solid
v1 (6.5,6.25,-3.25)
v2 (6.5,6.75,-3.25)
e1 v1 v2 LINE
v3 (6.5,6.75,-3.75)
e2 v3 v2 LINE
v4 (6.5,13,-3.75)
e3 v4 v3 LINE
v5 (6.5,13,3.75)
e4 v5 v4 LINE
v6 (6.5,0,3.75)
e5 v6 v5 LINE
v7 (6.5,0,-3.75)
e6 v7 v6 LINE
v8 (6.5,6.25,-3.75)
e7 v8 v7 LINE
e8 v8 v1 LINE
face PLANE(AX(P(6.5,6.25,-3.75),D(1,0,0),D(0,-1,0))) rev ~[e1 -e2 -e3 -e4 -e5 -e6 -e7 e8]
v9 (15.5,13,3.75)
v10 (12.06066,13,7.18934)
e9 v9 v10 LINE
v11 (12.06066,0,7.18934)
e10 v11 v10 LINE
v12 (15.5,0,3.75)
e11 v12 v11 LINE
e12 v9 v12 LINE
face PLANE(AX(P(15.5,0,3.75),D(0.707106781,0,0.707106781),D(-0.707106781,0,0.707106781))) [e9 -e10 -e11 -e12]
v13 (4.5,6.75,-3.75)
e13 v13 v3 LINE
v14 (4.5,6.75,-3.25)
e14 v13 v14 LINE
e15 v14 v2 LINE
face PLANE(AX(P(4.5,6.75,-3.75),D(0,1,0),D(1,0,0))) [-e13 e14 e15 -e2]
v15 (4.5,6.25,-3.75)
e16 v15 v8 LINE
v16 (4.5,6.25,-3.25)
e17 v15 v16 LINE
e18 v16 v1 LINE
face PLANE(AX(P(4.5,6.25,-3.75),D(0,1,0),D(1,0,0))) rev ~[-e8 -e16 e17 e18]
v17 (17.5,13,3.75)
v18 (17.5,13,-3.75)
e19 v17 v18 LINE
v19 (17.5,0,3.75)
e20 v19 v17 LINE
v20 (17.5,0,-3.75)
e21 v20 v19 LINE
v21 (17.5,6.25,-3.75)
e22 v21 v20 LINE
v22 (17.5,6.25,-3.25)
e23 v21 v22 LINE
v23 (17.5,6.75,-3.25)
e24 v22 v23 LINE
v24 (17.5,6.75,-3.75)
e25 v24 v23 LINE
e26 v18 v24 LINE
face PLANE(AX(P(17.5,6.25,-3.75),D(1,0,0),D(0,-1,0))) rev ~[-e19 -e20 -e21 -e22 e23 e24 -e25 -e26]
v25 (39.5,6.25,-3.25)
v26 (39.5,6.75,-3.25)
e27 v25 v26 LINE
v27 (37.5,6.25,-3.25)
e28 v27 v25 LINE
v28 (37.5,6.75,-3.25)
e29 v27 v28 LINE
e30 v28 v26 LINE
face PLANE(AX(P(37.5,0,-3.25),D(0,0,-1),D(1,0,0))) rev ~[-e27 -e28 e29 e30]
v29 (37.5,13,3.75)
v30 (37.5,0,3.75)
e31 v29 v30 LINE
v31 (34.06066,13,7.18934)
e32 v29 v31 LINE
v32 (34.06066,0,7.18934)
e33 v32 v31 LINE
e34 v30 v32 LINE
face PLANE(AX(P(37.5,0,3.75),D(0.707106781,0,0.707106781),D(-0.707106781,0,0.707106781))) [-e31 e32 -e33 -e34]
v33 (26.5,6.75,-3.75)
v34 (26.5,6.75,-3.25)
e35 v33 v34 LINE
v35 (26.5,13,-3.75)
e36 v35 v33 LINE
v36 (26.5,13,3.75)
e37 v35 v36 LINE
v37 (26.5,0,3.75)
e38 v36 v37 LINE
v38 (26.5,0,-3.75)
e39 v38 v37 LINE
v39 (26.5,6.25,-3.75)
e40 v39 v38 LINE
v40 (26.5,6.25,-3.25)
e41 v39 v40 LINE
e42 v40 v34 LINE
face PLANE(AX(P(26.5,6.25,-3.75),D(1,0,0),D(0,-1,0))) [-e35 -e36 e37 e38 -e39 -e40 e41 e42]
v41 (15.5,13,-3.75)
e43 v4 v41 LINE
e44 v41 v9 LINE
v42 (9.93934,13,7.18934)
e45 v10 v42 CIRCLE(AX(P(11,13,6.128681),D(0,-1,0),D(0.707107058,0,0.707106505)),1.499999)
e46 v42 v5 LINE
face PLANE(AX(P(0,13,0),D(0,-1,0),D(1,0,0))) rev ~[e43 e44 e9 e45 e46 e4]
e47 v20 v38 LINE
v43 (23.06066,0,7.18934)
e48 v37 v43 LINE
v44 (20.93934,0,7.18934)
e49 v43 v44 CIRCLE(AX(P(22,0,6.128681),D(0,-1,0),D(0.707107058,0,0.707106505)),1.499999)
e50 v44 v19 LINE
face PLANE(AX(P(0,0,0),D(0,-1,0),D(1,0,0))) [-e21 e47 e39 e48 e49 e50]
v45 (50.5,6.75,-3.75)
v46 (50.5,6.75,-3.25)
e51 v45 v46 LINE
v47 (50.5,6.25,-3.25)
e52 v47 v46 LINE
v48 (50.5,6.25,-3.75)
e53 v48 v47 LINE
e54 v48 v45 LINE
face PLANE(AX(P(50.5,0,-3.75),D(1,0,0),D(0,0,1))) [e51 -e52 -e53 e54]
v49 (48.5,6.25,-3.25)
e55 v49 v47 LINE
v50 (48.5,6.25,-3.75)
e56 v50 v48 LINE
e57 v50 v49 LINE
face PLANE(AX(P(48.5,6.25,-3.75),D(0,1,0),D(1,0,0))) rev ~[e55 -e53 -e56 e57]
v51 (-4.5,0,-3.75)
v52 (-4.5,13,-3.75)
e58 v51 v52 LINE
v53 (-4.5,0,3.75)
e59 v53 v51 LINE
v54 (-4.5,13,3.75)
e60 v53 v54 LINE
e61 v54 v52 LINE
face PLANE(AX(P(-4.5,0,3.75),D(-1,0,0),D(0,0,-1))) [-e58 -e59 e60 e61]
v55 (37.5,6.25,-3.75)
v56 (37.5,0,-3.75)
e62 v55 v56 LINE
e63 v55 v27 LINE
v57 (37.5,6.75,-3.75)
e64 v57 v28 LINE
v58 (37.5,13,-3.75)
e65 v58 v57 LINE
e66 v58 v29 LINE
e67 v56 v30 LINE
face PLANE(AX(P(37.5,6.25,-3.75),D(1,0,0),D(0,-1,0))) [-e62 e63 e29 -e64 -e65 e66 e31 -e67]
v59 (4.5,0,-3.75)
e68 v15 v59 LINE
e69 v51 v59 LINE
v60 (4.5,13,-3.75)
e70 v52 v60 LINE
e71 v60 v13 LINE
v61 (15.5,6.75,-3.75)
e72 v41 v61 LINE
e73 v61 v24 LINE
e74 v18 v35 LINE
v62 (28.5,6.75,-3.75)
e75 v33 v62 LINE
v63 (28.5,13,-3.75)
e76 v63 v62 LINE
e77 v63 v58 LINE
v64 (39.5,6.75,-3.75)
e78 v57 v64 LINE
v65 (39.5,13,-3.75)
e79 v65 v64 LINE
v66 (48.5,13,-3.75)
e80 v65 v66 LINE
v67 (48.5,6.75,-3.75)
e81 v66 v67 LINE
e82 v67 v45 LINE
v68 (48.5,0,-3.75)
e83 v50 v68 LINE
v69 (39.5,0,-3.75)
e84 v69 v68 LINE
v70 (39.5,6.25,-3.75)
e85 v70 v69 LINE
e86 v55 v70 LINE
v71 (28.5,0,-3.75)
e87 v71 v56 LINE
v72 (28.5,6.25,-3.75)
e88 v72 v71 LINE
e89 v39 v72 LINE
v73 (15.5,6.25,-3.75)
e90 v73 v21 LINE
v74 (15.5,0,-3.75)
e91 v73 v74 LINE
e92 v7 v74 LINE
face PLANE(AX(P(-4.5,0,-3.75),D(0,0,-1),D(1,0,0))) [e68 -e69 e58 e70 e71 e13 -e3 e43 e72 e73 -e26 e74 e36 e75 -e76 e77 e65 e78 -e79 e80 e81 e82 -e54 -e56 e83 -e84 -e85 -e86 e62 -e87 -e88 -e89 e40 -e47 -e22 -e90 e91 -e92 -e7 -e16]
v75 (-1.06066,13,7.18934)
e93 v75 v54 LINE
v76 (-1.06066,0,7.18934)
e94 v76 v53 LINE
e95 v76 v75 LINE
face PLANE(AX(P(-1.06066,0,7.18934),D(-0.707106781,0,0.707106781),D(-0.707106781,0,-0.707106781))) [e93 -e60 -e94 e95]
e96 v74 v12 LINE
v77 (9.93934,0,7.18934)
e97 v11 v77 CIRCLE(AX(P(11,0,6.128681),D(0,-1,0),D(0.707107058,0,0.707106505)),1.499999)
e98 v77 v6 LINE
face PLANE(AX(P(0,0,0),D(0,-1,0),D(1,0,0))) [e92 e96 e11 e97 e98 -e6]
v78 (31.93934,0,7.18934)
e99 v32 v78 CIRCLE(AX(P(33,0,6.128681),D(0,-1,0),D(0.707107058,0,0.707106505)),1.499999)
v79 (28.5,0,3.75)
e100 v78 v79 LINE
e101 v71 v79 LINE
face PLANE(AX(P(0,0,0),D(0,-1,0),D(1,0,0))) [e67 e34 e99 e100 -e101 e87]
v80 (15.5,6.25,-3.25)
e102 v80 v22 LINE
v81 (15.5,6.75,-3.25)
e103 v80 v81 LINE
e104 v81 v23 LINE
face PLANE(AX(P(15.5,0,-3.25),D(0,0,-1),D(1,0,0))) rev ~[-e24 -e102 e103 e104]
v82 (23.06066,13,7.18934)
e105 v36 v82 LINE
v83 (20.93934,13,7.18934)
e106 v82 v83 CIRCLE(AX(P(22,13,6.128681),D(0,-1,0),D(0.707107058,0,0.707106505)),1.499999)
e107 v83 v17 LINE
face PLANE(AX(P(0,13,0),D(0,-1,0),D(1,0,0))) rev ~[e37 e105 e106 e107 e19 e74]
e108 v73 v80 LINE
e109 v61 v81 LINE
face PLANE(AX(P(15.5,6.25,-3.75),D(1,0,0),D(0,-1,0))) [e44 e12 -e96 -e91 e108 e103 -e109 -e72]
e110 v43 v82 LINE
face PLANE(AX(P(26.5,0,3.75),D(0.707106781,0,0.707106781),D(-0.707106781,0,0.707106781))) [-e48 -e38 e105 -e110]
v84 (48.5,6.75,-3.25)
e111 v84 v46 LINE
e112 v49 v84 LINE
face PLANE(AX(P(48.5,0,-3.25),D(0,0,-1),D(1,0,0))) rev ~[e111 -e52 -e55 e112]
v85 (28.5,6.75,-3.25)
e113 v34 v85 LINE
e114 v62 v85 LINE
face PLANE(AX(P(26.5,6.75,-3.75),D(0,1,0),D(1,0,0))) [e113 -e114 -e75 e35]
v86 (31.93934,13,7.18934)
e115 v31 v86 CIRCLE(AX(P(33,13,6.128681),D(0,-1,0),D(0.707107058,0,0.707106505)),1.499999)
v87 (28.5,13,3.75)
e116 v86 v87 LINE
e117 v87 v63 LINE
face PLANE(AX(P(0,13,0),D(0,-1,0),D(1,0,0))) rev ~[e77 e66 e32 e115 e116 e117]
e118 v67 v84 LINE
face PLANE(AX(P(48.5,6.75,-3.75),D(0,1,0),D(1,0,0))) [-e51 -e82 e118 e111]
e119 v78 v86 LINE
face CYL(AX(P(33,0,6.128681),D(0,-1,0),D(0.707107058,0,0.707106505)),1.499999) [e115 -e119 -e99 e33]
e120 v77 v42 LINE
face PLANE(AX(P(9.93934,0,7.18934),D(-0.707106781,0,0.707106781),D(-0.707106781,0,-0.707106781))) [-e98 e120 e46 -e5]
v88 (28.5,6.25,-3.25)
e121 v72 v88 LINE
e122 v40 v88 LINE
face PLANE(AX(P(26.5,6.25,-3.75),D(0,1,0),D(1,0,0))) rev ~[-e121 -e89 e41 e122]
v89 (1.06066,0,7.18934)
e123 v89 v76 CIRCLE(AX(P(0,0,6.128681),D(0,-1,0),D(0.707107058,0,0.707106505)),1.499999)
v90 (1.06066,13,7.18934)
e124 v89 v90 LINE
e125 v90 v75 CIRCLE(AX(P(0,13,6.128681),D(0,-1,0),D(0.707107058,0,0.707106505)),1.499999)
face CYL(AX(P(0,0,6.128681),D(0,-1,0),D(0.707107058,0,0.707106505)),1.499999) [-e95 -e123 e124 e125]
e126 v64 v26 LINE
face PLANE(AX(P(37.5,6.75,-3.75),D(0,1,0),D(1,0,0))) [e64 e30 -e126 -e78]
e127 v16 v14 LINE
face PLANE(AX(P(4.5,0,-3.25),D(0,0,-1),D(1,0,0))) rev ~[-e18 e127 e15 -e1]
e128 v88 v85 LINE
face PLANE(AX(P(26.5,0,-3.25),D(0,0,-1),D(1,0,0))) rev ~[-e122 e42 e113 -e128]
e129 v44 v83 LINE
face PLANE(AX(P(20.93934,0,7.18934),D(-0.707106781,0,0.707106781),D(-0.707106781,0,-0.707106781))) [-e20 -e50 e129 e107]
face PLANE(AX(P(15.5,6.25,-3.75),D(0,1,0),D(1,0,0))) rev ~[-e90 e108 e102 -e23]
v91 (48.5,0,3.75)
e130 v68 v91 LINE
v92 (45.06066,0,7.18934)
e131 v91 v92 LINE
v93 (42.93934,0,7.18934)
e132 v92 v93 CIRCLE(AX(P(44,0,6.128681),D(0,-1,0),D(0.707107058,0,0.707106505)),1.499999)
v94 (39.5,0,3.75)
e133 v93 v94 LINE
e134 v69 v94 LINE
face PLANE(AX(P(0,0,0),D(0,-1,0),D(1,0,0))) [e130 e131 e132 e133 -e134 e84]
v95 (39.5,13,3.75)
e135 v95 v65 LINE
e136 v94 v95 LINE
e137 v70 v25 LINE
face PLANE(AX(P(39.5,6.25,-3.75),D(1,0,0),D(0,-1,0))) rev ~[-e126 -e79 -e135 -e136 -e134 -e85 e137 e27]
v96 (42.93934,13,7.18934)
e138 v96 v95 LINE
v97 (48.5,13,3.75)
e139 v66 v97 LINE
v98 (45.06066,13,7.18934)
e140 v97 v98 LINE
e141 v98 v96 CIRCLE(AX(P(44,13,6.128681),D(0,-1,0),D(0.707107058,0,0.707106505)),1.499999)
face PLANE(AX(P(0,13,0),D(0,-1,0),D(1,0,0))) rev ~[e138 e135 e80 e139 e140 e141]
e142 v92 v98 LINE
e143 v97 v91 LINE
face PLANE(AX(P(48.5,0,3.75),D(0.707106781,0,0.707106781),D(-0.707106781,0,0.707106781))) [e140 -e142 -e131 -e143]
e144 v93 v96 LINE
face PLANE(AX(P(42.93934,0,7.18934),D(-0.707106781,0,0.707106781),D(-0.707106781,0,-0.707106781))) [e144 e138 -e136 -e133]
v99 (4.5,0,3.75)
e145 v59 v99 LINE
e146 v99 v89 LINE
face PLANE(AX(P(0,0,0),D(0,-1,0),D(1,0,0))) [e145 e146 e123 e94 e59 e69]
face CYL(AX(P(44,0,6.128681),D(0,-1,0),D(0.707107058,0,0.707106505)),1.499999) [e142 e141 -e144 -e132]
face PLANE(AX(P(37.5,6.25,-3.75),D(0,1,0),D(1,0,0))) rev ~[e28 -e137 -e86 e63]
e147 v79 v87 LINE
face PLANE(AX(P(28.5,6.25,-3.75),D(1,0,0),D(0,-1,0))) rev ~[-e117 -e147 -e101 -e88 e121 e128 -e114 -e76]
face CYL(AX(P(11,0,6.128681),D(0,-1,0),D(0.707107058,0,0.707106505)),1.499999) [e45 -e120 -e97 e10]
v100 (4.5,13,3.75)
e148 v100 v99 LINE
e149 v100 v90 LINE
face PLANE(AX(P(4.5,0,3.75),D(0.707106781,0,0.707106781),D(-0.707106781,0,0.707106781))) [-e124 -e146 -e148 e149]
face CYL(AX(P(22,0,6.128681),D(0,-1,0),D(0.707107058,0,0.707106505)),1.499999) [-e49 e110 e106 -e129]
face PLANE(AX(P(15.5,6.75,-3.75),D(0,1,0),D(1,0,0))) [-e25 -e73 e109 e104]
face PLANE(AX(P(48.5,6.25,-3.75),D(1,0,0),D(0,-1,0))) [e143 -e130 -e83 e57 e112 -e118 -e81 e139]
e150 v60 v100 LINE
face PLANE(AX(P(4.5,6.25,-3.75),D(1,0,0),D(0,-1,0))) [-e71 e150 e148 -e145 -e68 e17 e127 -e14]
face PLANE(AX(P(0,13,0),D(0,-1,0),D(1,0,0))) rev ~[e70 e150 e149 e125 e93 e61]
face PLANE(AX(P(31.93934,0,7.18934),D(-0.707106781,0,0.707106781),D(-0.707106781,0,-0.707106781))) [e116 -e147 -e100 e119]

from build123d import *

# Parameters (mm, degrees)
F0_W     = 2
F0_H     = 0.5
F1_DEPTH = 13
F2_W     = 2
F2_H     = 6.25
F3_DEPTH = 11.37968


with BuildPart() as f1:
    # F0 (on Front) → F1 (new body)
    with BuildSketch(Plane.XZ):
        Polygon((-4.5, -3.75), (4.5, -3.75), (4.5, -3.25), (4.5, 3.75), (-4.5, 3.75), align=None)
        with Locations((5.5, -3.5)):
            Rectangle(F0_W, F0_H)
        Polygon((6.5, -3.25), (6.5, -3.75), (15.5, -3.75), (15.5, -3.25), (15.5, 3.75), (6.5, 3.75), align=None)
        with BuildLine():
            Line((-1.06066, 7.18934), (-4.5, 3.75))
            Line((-4.5, 3.75), (4.5, 3.75))
            Line((4.5, 3.75), (1.06066, 7.18934))
            ThreePointArc((1.06066, 7.18934), (0, 7.62868), (-1.06066, 7.18934))
        make_face()
        with Locations((16.5, -3.5)):
            Rectangle(F0_W, F0_H)
        with BuildLine():
            Line((9.93934, 7.18934), (6.5, 3.75))
            Line((6.5, 3.75), (15.5, 3.75))
            Line((15.5, 3.75), (12.06066, 7.18934))
            ThreePointArc((12.06066, 7.18934), (11, 7.62868), (9.93934, 7.18934))
        make_face()
        Polygon((17.5, -3.25), (17.5, -3.75), (26.5, -3.75), (26.5, -3.25), (26.5, 3.75), (17.5, 3.75), align=None)
        with Locations((27.5, -3.5)):
            Rectangle(F0_W, F0_H)
        with BuildLine():
            Line((20.93934, 7.18934), (17.5, 3.75))
            Line((17.5, 3.75), (26.5, 3.75))
            Line((26.5, 3.75), (23.06066, 7.18934))
            ThreePointArc((23.06066, 7.18934), (22, 7.62868), (20.93934, 7.18934))
        make_face()
        Polygon((28.5, -3.25), (28.5, -3.75), (37.5, -3.75), (37.5, -3.25), (37.5, 3.75), (28.5, 3.75), align=None)
        with Locations((38.5, -3.5)):
            Rectangle(F0_W, F0_H)
        with BuildLine():
            Line((31.93934, 7.18934), (28.5, 3.75))
            Line((28.5, 3.75), (37.5, 3.75))
            Line((37.5, 3.75), (34.06066, 7.18934))
            ThreePointArc((34.06066, 7.18934), (33, 7.62868), (31.93934, 7.18934))
        make_face()
        Polygon((39.5, -3.25), (39.5, -3.75), (48.5, -3.75), (48.5, -3.25), (48.5, 3.75), (39.5, 3.75), align=None)
        with Locations((49.5, -3.5)):
            Rectangle(F0_W, F0_H)
        with BuildLine():
            Line((42.93934, 7.18934), (39.5, 3.75))
            Line((39.5, 3.75), (48.5, 3.75))
            Line((48.5, 3.75), (45.06066, 7.18934))
            ThreePointArc((45.06066, 7.18934), (44, 7.62868), (42.93934, 7.18934))
        make_face()
    extrude(amount=-F1_DEPTH)

    # F2 (on face) → F3 (cut, through all)
    with BuildSketch(Plane(origin=(0, 0, -3.75), x_dir=(1, 0, 0), z_dir=(0, 0, -1))):
        with Locations((5.5, -3.125)):
            Rectangle(F2_W, F2_H)
        with Locations((5.5, -9.875)):
            Rectangle(F2_W, F2_H)
        with Locations((16.5, -3.125)):
            Rectangle(F2_W, F2_H)
        with Locations((16.5, -9.875)):
            Rectangle(F2_W, F2_H)
        with Locations((27.5, -3.125)):
            Rectangle(F2_W, F2_H)
        with Locations((27.5, -9.875)):
            Rectangle(F2_W, F2_H)
        with Locations((38.5, -3.125)):
            Rectangle(F2_W, F2_H)
        with Locations((38.5, -9.875)):
            Rectangle(F2_W, F2_H)
        with Locations((49.5, -3.125)):
            Rectangle(F2_W, F2_H)
        with Locations((49.5, -9.875)):
            Rectangle(F2_W, F2_H)
    extrude(amount=-F3_DEPTH, mode=Mode.SUBTRACT)


solid = f1.part
